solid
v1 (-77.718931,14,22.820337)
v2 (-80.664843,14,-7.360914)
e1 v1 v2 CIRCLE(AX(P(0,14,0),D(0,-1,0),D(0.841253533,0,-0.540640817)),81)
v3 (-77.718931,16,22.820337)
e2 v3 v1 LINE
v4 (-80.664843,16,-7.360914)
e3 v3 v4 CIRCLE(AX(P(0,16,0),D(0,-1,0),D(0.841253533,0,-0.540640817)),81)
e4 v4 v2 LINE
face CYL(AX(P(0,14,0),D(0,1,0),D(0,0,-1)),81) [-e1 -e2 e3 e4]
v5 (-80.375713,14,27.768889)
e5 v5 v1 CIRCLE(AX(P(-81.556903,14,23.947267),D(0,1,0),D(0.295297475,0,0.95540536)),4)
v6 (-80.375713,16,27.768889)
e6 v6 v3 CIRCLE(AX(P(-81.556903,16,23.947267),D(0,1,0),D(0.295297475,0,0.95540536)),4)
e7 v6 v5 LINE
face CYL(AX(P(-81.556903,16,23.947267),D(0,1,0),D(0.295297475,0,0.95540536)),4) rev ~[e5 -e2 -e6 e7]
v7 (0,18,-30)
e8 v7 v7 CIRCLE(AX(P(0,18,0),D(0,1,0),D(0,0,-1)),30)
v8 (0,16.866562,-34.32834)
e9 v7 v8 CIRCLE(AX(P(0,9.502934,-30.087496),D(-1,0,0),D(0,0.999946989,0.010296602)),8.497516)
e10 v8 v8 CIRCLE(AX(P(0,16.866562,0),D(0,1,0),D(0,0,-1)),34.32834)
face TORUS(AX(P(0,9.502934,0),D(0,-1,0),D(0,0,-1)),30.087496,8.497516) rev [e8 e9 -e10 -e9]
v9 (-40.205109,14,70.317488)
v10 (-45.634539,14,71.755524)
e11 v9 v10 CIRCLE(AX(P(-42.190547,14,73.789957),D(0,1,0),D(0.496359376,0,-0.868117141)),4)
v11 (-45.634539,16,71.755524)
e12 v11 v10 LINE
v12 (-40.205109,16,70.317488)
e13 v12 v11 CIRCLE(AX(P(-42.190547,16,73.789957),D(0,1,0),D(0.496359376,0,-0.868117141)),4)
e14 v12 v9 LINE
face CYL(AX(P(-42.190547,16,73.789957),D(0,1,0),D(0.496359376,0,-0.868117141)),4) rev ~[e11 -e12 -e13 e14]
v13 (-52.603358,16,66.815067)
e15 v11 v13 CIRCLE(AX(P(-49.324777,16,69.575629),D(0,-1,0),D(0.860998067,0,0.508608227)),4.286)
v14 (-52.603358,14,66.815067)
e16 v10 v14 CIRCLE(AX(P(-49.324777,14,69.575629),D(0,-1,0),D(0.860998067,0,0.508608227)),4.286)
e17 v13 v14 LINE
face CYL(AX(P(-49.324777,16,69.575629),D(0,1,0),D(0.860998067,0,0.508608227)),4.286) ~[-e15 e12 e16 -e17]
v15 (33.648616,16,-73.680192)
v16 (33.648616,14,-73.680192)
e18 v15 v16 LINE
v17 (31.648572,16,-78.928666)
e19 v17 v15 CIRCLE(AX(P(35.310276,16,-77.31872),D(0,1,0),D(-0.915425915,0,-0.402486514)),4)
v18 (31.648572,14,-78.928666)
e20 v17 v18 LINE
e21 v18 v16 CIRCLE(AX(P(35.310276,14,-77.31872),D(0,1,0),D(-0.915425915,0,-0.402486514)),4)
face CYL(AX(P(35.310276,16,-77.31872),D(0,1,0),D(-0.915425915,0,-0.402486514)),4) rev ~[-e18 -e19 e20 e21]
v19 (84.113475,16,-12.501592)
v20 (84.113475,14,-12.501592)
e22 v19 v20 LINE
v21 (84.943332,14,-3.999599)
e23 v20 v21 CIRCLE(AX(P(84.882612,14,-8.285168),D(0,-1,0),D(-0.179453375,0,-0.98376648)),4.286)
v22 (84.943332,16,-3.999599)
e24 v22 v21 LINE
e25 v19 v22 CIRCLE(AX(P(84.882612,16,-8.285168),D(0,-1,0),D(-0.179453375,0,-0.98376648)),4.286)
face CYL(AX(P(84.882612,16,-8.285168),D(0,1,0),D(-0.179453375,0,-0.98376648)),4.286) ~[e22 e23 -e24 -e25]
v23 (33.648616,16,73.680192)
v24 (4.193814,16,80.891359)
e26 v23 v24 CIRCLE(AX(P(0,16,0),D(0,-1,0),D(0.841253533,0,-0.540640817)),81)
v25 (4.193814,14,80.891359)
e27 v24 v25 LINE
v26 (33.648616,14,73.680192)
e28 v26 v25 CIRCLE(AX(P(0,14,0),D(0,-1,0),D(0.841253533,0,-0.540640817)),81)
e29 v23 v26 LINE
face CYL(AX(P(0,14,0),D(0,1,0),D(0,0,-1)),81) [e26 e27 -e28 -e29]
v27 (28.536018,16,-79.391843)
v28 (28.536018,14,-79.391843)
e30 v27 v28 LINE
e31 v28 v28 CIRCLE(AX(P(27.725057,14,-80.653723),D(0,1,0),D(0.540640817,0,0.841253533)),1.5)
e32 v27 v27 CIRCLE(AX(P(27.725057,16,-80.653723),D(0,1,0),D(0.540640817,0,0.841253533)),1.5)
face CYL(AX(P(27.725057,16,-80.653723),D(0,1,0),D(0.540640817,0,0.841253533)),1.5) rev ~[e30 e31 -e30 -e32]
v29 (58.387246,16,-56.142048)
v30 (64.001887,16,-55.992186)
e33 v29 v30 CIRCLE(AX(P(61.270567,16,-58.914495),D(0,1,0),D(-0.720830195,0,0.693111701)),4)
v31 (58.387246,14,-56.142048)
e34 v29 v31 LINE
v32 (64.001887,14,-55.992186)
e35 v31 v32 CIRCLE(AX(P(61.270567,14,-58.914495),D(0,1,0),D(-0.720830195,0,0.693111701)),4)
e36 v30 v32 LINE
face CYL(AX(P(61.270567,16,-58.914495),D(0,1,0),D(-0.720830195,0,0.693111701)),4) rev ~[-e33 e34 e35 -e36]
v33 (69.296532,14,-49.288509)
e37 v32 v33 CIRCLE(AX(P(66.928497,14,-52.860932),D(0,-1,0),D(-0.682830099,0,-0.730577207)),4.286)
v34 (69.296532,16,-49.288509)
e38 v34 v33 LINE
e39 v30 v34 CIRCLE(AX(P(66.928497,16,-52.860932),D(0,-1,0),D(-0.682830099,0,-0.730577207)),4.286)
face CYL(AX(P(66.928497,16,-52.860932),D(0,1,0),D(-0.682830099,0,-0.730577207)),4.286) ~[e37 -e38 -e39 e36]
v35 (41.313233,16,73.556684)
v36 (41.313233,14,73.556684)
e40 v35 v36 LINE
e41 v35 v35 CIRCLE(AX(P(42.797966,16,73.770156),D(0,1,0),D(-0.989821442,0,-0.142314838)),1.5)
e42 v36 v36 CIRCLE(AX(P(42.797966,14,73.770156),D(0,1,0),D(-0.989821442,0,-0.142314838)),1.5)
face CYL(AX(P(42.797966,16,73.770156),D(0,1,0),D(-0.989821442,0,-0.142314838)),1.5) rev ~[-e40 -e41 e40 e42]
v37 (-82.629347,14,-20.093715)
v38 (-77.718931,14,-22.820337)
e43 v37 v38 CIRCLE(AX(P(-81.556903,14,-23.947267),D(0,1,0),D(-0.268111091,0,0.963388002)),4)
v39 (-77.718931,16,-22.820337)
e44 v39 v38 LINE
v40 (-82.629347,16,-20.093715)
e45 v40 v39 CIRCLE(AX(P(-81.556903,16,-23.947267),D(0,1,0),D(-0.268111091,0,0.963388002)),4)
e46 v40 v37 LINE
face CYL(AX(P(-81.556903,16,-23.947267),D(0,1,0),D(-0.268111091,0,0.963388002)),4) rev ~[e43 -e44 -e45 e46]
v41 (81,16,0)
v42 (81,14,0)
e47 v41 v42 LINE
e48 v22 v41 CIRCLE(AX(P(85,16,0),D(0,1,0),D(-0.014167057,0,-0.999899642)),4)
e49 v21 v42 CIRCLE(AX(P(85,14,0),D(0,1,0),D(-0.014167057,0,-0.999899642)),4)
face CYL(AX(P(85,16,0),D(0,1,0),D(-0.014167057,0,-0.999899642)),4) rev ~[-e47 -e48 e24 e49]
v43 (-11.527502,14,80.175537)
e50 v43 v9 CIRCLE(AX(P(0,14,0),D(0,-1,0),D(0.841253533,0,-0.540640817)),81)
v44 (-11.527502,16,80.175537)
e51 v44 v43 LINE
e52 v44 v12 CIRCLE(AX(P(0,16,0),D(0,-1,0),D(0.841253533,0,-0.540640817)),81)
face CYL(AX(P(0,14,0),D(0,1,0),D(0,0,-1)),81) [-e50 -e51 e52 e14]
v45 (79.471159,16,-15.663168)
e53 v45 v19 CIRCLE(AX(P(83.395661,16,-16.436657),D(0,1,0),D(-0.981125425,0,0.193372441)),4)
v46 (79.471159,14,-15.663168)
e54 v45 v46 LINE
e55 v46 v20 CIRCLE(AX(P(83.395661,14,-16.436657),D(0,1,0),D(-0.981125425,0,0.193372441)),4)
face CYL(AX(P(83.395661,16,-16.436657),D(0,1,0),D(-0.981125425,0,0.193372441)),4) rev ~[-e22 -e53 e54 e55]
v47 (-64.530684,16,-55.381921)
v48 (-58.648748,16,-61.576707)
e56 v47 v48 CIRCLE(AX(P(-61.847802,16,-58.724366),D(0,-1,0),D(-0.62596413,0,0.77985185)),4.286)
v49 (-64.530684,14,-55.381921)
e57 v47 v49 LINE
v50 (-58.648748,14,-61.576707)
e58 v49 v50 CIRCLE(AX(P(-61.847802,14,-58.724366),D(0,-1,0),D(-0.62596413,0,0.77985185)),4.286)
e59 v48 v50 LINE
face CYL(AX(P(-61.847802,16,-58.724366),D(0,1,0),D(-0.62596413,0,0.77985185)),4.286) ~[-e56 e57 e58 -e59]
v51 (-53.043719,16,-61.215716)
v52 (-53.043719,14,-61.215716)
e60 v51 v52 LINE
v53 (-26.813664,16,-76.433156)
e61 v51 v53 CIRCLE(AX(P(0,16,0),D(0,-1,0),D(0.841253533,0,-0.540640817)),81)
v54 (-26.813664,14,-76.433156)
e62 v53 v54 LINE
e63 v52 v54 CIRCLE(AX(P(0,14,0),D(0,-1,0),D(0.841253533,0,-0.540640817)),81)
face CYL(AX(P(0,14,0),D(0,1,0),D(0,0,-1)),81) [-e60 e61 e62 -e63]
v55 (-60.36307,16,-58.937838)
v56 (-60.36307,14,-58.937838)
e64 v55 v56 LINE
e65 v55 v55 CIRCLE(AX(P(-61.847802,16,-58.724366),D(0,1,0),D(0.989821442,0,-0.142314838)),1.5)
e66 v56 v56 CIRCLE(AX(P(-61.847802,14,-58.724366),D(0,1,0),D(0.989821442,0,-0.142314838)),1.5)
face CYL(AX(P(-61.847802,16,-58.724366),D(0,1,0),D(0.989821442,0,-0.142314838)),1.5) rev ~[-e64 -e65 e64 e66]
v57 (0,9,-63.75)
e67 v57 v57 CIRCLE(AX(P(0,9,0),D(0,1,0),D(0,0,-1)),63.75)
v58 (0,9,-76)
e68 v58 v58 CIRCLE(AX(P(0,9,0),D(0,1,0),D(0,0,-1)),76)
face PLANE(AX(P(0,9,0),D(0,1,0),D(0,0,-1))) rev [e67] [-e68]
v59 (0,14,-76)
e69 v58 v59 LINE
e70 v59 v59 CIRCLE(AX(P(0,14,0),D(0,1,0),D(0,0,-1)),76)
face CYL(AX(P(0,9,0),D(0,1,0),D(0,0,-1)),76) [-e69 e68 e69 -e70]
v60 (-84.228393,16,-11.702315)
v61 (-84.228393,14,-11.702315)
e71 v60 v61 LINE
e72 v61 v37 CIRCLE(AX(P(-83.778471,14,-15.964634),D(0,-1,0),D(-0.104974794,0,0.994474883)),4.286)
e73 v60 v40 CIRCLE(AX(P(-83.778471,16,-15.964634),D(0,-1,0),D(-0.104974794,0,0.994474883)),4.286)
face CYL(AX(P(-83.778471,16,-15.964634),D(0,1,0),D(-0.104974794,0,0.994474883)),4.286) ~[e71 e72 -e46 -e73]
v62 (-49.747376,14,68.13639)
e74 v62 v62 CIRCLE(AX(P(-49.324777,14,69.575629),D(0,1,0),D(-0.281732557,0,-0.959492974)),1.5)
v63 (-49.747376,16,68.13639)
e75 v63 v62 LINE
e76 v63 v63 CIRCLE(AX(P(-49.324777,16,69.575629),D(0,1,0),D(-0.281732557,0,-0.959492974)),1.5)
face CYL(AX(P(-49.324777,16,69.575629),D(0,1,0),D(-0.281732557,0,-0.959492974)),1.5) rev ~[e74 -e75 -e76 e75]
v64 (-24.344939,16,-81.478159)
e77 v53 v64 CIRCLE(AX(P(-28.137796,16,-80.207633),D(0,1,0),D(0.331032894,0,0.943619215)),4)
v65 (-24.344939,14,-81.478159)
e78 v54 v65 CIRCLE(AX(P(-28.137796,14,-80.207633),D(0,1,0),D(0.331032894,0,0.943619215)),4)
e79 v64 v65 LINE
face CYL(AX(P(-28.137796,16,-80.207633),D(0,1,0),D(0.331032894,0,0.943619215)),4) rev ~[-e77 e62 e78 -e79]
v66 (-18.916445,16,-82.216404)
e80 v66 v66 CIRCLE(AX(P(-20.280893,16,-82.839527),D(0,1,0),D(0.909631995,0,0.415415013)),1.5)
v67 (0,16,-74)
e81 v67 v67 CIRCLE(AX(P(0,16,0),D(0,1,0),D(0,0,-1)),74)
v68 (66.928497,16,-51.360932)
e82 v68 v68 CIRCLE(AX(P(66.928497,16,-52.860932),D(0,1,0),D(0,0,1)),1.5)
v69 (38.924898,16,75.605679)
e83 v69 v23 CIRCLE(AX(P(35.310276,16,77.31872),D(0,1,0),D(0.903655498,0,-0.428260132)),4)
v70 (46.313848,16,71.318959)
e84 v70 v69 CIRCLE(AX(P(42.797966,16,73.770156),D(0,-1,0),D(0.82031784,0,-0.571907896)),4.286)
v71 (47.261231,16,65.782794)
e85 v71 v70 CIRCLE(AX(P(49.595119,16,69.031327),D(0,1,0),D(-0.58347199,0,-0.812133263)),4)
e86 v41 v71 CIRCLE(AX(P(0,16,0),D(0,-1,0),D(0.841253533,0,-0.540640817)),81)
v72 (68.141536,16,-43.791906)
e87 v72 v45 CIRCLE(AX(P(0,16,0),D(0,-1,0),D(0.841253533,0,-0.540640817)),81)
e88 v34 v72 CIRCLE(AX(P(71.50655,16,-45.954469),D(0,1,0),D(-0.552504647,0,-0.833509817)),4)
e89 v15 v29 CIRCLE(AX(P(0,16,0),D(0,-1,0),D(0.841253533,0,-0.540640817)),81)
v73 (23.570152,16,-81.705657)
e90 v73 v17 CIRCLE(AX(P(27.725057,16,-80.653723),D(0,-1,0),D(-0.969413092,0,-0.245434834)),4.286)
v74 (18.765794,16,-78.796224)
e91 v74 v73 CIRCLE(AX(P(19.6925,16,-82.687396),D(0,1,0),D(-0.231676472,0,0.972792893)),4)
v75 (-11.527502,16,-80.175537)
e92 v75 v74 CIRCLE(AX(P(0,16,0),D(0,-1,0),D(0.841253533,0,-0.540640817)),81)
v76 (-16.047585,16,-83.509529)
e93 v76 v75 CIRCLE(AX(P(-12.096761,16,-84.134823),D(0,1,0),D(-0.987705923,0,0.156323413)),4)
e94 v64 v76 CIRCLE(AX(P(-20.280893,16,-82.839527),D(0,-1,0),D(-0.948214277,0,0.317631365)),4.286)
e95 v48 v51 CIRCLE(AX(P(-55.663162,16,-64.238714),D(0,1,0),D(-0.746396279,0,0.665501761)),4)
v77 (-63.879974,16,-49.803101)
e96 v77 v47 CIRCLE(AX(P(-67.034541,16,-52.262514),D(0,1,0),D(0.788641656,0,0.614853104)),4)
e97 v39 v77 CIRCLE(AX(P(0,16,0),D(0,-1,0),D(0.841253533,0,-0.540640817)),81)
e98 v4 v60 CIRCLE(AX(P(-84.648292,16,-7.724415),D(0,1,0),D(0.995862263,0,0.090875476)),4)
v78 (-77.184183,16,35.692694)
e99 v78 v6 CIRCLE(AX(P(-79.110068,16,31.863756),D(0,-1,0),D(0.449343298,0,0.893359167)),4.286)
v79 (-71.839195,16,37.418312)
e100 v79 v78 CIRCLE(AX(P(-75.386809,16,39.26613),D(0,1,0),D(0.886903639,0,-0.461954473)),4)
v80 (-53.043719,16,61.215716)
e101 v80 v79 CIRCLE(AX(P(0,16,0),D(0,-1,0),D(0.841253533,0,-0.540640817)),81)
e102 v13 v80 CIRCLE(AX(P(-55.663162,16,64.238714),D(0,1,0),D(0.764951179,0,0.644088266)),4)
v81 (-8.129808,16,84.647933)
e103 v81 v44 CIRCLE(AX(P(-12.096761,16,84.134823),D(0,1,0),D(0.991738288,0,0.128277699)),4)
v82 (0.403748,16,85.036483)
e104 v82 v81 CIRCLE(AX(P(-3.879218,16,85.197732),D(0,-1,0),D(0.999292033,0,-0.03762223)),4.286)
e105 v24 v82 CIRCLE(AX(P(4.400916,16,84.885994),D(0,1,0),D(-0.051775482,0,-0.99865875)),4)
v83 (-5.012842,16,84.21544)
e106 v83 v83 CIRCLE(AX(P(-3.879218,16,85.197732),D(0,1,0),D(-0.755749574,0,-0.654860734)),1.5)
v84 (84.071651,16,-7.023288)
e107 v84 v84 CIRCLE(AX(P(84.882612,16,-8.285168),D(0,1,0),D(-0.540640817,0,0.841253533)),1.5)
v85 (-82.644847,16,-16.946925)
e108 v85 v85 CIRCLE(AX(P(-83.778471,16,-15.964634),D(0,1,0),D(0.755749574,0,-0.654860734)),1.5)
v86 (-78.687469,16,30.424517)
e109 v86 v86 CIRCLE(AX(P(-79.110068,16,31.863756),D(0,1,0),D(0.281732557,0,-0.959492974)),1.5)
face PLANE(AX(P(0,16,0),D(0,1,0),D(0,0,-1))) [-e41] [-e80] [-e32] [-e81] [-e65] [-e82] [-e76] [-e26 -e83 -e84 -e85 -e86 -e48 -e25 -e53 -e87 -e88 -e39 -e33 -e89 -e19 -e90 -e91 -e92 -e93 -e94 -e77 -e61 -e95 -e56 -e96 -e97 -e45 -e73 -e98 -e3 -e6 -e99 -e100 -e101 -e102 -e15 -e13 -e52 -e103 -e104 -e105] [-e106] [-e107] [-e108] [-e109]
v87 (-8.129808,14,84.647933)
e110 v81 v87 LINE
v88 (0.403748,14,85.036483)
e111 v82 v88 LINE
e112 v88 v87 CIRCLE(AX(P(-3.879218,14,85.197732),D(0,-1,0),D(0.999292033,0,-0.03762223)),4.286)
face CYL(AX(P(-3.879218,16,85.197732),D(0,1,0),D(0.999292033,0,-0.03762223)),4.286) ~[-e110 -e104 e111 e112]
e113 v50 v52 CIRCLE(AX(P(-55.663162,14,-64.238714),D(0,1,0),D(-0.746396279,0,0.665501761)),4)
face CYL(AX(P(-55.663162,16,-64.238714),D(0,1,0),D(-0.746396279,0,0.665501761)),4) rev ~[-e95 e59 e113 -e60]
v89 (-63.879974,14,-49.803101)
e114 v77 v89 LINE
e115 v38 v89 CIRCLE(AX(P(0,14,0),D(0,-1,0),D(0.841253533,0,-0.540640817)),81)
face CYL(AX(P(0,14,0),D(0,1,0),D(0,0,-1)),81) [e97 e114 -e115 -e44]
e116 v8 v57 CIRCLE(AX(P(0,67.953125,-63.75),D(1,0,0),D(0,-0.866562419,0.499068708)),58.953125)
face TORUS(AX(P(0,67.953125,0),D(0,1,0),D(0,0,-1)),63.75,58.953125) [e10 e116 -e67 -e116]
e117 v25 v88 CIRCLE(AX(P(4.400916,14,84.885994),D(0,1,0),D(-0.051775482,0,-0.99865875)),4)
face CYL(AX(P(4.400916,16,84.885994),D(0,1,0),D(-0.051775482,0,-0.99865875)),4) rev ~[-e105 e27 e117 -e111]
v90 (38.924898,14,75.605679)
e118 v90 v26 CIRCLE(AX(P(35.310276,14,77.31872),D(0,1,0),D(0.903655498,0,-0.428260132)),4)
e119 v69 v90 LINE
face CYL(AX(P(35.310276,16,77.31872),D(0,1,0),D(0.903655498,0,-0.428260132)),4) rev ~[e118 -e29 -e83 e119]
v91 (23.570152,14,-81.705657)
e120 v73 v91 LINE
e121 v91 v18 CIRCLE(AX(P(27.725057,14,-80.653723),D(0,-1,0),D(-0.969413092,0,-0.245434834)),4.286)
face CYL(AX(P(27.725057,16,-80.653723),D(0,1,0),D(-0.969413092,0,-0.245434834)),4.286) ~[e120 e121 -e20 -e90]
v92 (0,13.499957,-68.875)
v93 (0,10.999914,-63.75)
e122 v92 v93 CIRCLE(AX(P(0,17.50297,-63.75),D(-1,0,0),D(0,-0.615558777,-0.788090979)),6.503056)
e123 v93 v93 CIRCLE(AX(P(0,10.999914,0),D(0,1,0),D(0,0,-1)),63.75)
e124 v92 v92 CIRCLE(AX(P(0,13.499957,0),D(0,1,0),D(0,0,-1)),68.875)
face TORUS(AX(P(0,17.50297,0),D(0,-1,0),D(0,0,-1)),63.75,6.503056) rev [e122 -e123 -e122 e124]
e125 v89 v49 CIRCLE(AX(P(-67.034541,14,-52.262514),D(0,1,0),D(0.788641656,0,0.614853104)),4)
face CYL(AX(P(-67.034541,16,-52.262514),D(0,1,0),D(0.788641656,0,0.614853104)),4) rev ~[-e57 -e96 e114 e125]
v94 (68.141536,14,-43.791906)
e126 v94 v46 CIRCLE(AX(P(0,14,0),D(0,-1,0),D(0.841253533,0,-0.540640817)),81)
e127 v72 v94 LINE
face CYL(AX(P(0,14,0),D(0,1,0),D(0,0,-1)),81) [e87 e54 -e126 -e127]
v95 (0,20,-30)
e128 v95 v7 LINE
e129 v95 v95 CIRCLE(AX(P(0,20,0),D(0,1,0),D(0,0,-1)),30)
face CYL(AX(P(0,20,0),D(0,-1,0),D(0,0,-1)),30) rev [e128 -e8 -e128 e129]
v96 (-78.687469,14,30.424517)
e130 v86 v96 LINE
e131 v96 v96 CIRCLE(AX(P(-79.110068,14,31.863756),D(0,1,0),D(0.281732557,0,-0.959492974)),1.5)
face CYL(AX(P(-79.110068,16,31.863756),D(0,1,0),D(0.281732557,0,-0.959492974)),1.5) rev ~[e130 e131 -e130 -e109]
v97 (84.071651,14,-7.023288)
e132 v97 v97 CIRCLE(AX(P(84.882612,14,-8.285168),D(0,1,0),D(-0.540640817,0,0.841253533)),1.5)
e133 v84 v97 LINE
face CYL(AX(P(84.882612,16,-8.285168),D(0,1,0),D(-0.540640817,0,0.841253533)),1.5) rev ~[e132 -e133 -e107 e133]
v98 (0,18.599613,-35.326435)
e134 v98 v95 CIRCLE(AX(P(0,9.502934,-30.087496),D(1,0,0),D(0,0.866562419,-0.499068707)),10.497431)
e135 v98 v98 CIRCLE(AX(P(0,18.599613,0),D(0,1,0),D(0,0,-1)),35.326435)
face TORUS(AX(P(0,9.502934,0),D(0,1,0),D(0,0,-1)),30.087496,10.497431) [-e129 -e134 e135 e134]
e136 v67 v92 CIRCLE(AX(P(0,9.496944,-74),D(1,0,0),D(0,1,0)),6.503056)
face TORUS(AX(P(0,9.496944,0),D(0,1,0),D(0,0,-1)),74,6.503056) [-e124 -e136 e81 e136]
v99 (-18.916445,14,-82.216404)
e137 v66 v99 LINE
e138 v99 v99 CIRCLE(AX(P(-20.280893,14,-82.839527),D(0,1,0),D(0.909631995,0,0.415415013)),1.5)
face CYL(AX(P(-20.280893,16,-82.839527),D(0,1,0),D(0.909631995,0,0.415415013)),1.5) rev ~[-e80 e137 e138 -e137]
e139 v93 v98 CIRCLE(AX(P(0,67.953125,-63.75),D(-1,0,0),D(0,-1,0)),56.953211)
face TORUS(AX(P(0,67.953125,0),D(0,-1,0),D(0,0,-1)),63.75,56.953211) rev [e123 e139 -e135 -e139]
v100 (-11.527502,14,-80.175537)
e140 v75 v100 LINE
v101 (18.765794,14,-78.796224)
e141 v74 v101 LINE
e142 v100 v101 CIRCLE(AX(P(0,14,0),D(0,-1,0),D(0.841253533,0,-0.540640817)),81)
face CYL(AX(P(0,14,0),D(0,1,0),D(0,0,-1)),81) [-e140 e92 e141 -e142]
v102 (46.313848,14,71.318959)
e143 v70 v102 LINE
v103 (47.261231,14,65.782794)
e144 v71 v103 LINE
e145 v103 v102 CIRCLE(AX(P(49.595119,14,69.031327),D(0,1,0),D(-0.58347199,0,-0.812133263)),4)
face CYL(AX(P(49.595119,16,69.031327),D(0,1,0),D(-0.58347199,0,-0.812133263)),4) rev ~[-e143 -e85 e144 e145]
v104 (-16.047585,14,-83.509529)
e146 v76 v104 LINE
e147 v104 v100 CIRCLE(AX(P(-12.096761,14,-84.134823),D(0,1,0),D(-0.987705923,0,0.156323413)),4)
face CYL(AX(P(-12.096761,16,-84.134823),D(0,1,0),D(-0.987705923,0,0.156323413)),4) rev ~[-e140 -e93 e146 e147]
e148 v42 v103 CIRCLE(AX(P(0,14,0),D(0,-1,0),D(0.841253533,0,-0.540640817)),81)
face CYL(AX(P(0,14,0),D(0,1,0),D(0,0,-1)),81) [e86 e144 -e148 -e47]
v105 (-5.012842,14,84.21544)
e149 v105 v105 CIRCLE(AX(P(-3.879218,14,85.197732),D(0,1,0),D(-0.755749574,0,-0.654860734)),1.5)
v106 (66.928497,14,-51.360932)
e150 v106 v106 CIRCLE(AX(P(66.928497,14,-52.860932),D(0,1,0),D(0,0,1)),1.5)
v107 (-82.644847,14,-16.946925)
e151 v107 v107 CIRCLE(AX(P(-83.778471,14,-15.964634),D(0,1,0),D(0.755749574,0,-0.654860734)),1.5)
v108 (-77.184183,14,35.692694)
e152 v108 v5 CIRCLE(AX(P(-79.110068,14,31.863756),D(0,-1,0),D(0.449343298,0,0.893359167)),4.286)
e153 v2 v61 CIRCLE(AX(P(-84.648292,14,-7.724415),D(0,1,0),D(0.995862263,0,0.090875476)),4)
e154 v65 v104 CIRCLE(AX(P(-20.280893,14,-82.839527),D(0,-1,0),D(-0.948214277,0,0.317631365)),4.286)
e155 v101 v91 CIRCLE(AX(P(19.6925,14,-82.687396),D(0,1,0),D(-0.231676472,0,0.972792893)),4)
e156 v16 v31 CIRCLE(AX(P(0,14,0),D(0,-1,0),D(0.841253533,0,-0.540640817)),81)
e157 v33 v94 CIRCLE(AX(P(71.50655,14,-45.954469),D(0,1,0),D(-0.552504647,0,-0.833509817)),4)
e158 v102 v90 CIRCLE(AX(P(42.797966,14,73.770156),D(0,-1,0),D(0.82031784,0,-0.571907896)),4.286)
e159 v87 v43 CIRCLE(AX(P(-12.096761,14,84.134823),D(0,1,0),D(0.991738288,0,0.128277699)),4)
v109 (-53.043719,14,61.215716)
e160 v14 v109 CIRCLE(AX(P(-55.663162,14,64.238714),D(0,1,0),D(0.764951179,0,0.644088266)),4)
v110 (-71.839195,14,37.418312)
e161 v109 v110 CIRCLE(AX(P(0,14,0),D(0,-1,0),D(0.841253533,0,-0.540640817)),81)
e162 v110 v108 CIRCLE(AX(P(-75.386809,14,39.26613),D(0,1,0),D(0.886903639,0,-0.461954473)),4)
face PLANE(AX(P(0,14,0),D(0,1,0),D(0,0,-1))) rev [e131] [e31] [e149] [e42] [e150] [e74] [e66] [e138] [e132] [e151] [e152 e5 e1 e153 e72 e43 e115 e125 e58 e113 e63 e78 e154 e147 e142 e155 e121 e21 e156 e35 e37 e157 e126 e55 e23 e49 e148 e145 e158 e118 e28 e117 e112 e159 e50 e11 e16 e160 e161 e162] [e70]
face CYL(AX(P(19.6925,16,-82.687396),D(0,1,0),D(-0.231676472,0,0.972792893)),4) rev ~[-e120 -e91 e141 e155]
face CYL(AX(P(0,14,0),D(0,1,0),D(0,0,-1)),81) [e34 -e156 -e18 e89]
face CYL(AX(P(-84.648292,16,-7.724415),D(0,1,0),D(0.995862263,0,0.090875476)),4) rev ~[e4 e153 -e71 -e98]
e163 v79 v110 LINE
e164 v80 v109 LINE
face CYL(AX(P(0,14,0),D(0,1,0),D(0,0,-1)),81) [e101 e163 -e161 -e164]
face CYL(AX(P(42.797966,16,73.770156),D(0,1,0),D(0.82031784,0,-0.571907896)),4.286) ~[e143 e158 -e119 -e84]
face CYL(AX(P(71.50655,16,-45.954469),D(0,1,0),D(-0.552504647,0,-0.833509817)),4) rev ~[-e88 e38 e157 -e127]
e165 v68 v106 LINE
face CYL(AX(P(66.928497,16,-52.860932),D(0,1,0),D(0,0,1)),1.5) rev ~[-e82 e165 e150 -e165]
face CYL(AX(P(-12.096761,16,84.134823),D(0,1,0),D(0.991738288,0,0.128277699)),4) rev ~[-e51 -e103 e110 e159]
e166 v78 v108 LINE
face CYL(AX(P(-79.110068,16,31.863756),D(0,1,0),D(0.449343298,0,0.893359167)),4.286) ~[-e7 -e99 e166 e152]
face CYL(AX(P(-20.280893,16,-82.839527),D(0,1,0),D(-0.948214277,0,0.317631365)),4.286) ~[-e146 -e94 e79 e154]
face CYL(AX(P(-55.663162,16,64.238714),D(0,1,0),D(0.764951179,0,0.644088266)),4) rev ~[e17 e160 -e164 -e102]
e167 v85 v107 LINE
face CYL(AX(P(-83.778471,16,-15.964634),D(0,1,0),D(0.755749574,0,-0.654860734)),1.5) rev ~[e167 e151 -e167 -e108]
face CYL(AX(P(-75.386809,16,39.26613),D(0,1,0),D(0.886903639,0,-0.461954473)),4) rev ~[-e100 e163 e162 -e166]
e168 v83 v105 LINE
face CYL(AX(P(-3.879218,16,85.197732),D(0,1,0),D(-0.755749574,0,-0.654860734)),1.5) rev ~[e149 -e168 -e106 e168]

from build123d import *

# Parameters (mm, degrees)
SKETCH2_R           = 1.5
BOSS_EXTRUDE1_DEPTH = 2
CIRPATTERN1_COUNT   = 11


with BuildPart() as part:
    # Sketch1 → Revolve2 (revolve)
    with BuildSketch(Plane.XY, mode=Mode.PRIVATE) as revolve2_sk:
        with BuildLine():
            ThreePointArc((34.328340107, 16.866562419), (48.522419142, 11.000585737), (63.75, 9))
            Line((63.75, 9), (75, 9))
            Line((75, 9), (76, 9))
            Line((76, 9), (76, 14))
            Line((76, 14), (81, 14))
            Line((81, 14), (81, 16))
            Line((81, 16), (74, 16))
            ThreePointArc((74, 16), (71.148866911, 15.34166622), (68.875, 13.499957088))
            ThreePointArc((68.875, 13.499957088), (66.601133089, 11.658247956), (63.75, 10.999914176))
            ThreePointArc((63.75, 10.999914176), (49.038996589, 12.932632438), (35.32643469, 18.599612884))
            ThreePointArc((35.32643469, 18.599612884), (32.756692767, 19.655344367), (30, 20))
            Line((30, 20), (30, 18))
            ThreePointArc((30, 18), (32.240109584, 17.72327699), (34.328340107, 16.866562419))
        make_face()
    revolve(revolve2_sk.sketch.rotate(Axis((0, -11, 0), (0, 1, 0)), 90), axis=Axis((0, -11, 0), (0, 1, 0)))

    # Sketch2 → Boss-Extrude1 (add)
    with BuildSketch(Plane(origin=(0, 16, 0), x_dir=(1, 0, 0), z_dir=(0, 1, 0))):
        with BuildLine():
            ThreePointArc((69.296531703, 49.288508752), (67.592037892, 46.777022023), (68.141536159, 43.791906214))
            ThreePointArc((68.141536159, 43.791906214), (63.565042795, 50.204435407), (58.387245806, 56.142047765))
            ThreePointArc((58.387245806, 56.142047765), (61.16383943, 54.915918657), (64.001886983, 55.992185739))
            ThreePointArc((64.001886983, 55.992185739), (70.29195078, 55.51742825), (69.296531703, 49.288508752))
        make_face()
        with Locations(Location((66.928496787, 52.860931829, 0), (0, 0, 270))):
            Circle(SKETCH2_R, mode=Mode.SUBTRACT)
    boss_extrude1 = extrude(amount=-BOSS_EXTRUDE1_DEPTH)

    # CirPattern1: Boss-Extrude1 ×11 about axis, 1 skipped
    cirpattern1_axis = Axis((0, 0, 0), (0, -1, 0))
    add([boss_extrude1.rotate(cirpattern1_axis, i * 360 / CIRPATTERN1_COUNT) for i in range(1, CIRPATTERN1_COUNT) if i not in (2,)])


solid = part.part
